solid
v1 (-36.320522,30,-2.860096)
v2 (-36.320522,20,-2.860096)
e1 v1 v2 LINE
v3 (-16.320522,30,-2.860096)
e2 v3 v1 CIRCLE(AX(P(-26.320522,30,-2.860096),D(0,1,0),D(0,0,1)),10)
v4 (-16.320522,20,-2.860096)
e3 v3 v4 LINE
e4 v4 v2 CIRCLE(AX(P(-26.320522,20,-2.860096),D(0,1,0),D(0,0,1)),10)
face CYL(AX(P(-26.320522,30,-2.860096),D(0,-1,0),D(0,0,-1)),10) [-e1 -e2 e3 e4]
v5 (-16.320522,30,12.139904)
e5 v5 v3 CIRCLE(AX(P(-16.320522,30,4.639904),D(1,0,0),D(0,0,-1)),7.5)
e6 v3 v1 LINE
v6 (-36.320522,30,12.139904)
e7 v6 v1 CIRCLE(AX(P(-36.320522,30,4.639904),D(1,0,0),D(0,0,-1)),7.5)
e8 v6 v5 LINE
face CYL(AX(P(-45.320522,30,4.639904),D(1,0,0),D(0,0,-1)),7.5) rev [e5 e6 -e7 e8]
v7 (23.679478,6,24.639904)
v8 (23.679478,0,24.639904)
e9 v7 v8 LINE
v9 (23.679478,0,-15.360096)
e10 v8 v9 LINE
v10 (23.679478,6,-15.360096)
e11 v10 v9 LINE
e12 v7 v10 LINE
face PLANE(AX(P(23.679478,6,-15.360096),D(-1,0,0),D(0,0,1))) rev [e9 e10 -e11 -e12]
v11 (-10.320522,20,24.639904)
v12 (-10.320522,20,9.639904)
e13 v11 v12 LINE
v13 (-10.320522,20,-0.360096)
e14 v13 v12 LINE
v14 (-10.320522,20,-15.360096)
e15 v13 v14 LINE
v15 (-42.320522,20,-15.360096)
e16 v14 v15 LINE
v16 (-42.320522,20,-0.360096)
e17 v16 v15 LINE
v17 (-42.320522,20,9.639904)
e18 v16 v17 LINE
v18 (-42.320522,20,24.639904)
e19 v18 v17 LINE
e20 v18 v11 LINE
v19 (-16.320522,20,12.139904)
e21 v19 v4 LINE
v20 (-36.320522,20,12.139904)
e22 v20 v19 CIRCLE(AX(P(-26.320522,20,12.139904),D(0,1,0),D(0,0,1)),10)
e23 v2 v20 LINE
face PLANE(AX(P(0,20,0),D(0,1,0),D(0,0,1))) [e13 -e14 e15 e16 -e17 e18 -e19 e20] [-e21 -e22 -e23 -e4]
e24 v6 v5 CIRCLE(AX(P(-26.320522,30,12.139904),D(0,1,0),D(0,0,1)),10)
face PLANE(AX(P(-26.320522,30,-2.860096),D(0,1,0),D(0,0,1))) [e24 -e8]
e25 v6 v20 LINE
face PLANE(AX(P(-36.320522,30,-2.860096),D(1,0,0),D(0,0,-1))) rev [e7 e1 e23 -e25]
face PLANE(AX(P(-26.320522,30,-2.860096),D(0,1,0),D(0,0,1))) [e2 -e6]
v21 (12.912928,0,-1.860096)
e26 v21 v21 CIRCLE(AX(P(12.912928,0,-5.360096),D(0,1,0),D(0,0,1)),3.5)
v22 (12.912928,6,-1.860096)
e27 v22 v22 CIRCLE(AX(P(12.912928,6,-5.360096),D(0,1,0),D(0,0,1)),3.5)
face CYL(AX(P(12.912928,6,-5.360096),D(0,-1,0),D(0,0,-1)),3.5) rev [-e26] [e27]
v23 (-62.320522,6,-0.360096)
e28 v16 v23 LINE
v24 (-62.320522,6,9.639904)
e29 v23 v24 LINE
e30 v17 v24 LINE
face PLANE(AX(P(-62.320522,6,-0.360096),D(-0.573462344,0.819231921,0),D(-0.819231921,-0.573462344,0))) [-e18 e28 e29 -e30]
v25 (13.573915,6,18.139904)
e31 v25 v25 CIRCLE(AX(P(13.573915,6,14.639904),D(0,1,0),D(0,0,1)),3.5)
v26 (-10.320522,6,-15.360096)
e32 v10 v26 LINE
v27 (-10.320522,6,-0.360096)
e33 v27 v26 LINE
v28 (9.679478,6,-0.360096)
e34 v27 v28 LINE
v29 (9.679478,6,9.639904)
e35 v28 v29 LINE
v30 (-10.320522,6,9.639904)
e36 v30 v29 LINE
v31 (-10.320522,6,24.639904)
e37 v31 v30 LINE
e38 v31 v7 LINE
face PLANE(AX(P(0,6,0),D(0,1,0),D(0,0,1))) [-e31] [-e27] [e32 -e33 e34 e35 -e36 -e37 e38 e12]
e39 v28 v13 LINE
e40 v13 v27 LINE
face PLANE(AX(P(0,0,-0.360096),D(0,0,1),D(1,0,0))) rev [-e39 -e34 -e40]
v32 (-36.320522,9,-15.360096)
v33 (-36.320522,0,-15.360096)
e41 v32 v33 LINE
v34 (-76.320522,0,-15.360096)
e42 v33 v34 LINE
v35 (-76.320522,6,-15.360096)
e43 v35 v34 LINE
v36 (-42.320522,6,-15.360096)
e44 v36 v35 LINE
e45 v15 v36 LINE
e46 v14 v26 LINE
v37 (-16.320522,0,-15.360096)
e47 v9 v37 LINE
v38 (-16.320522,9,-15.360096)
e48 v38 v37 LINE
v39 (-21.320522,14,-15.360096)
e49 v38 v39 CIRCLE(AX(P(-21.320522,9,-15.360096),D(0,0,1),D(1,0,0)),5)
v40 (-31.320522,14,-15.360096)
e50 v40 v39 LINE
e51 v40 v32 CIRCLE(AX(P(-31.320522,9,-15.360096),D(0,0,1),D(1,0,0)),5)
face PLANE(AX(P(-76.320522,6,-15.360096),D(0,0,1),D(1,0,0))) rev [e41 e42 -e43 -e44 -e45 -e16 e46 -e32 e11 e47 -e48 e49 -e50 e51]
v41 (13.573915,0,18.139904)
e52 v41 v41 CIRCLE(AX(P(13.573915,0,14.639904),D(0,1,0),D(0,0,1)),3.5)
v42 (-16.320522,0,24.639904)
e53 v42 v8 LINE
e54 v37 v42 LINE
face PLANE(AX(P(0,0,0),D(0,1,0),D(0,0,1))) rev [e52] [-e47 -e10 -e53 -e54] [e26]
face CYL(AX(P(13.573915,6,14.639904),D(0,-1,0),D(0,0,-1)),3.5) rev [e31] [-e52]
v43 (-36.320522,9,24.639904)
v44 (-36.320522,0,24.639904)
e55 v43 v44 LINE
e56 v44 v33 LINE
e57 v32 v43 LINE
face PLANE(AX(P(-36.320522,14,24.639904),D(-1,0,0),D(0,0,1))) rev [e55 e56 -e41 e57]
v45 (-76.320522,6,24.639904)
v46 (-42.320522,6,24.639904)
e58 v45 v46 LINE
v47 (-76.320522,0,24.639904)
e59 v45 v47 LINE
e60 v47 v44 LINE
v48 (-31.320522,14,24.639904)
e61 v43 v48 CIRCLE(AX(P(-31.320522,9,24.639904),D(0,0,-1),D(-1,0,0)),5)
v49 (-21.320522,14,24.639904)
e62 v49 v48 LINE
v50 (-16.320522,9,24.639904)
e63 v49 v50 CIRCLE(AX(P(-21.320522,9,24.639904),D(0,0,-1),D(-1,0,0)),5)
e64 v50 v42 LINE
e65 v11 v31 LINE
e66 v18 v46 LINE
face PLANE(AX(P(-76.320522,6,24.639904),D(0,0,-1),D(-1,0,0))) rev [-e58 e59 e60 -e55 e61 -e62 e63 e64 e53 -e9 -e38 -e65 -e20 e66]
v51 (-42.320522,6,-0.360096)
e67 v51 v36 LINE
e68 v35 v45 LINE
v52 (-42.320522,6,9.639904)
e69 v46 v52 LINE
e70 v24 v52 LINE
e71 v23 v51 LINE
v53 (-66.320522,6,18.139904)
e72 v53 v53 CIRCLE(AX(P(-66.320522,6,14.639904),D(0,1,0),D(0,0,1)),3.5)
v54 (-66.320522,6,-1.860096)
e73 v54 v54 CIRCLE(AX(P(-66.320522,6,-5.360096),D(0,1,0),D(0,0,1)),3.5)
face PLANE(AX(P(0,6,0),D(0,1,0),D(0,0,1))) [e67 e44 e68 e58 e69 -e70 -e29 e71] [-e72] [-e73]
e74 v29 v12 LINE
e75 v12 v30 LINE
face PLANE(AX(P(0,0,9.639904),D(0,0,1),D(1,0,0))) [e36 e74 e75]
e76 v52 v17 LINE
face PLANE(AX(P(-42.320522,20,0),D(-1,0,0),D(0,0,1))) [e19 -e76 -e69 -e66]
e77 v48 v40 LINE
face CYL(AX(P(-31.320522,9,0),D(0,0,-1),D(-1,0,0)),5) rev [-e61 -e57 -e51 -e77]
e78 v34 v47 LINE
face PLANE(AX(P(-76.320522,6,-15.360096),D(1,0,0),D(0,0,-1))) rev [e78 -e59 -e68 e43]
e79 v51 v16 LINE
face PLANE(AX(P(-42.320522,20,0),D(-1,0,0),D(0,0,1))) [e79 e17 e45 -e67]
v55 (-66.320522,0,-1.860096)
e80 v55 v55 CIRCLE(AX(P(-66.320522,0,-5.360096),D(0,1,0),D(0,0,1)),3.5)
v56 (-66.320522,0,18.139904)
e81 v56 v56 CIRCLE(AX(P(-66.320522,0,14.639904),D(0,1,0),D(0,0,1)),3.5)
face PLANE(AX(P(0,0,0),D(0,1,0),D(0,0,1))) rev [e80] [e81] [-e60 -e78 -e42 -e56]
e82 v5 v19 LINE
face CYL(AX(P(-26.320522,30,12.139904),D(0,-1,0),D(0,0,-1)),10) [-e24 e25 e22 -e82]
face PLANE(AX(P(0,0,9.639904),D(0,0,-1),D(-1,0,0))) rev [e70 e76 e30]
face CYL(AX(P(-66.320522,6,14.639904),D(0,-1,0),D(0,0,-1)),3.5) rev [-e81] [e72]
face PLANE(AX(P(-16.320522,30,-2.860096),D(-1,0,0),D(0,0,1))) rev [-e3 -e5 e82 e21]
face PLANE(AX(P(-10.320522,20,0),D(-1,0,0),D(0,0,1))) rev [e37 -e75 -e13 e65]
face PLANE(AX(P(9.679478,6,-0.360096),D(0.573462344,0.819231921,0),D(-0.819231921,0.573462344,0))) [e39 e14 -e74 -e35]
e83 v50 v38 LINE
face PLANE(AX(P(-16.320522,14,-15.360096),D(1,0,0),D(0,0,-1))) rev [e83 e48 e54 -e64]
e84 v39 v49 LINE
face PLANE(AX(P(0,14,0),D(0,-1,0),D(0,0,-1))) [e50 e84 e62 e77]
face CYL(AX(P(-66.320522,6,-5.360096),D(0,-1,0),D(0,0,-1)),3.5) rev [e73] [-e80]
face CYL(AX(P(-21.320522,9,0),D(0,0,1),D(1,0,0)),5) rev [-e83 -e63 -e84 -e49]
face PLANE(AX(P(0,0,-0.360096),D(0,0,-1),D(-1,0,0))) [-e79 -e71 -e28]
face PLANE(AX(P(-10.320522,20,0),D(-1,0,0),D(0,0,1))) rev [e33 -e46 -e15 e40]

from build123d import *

# Parameters (mm, degrees)
SKETCH1_W           = 100
SKETCH1_H           = 40
SKETCH1_R           = 3.5
BOSS_EXTRUDE1_DEPTH = 6
SKETCH2_W           = 32
SKETCH2_H           = 40
BOSS_EXTRUDE2_DEPTH = 14
SKETCH3_W           = 20
SKETCH3_H           = 40
CUT_EXTRUDE1_DEPTH  = 14
FILLET2_R           = 5
FILLET3_R           = 5
BOSS_EXTRUDE3_DEPTH = 10
BOSS_EXTRUDE4_DEPTH = 10
SKETCH8_R           = 7.5
CUT_EXTRUDE2_DEPTH  = 29


with BuildPart() as part:
    # Sketch1 → Boss-Extrude1 (new body)
    with BuildSketch(Plane(origin=(0, 0, 0), x_dir=(1, 0, 0), z_dir=(0, 1, 0))):
        with Locations((-26.320522258, -4.639903709)):
            Rectangle(SKETCH1_W, SKETCH1_H)
        with Locations(Location((-66.320522258, 5.360096291, 0), (0, 0, 270))):
            Circle(SKETCH1_R, mode=Mode.SUBTRACT)
        with Locations(Location((-66.320522258, -14.639903709, 0), (0, 0, 270))):
            Circle(SKETCH1_R, mode=Mode.SUBTRACT)
        with Locations(Location((12.912927844, 5.360096291, 0), (0, 0, 270))):
            Circle(SKETCH1_R, mode=Mode.SUBTRACT)
        with Locations(Location((13.573914865, -14.639903709, 0), (0, 0, 270))):
            Circle(SKETCH1_R, mode=Mode.SUBTRACT)
    extrude(amount=BOSS_EXTRUDE1_DEPTH)

    # Sketch2 → Boss-Extrude2 (add)
    with BuildSketch(Plane(origin=(0, 6, 0), x_dir=(1, 0, 0), z_dir=(0, 1, 0))):
        with Locations((-26.320522258, -4.639903709)):
            Rectangle(SKETCH2_W, SKETCH2_H)
    extrude(amount=BOSS_EXTRUDE2_DEPTH)

    # Sketch3 → Cut-Extrude1 (cut)
    with BuildSketch(Plane.XZ):
        with Locations((-26.320522258, 4.639903709)):
            Rectangle(SKETCH3_W, SKETCH3_H)
    extrude(amount=-CUT_EXTRUDE1_DEPTH, mode=Mode.SUBTRACT)

    # Fillet2
    fillet2_edges = [part.edges().sort_by_distance(p)[0] for p in [
        (-36.320522258, 14, 4.639903709),
    ]]
    fillet(fillet2_edges, radius=FILLET2_R)

    # Fillet3
    fillet3_edges = [part.edges().sort_by_distance(p)[0] for p in [
        (-16.320522258, 14, 4.639903709),
    ]]
    fillet(fillet3_edges, radius=FILLET3_R)

    # Sketch6 → Boss-Extrude3 (add)
    with BuildSketch(Plane.XY.offset(9.639903709)):
        Polygon((-10.320522258, 6), (9.679477742, 6), (-10.320522258, 20), align=None)
        Polygon((-42.320522258, 6), (-62.320522258, 6), (-42.320522258, 20), align=None)
    extrude(amount=-BOSS_EXTRUDE3_DEPTH)

    # Sketch7 → Boss-Extrude4 (add)
    with BuildSketch(Plane(origin=(0, 20, 0), x_dir=(1, 0, 0), z_dir=(0, 1, 0))):
        with BuildLine():
            Line((-16.320522258, 2.860096291), (-16.320522258, -12.139903709))
            ThreePointArc((-16.320522258, -12.139903709), (-26.320522258, -22.139903709), (-36.320522258, -12.139903709))
            Line((-36.320522258, -12.139903709), (-36.320522258, 2.860096291))
            ThreePointArc((-36.320522258, 2.860096291), (-26.320522258, 12.860096291), (-16.320522258, 2.860096291))
        make_face()
    extrude(amount=BOSS_EXTRUDE4_DEPTH)

    # Sketch8 → Cut-Extrude2 (cut)
    with BuildSketch(Plane(origin=(-16.320522258, 0, 0), x_dir=(0, 0, -1), z_dir=(1, 0, 0))):
        with Locations((-4.639903709, 30)):
            Circle(SKETCH8_R)
    extrude(amount=-CUT_EXTRUDE2_DEPTH, mode=Mode.SUBTRACT)


solid = part.part
